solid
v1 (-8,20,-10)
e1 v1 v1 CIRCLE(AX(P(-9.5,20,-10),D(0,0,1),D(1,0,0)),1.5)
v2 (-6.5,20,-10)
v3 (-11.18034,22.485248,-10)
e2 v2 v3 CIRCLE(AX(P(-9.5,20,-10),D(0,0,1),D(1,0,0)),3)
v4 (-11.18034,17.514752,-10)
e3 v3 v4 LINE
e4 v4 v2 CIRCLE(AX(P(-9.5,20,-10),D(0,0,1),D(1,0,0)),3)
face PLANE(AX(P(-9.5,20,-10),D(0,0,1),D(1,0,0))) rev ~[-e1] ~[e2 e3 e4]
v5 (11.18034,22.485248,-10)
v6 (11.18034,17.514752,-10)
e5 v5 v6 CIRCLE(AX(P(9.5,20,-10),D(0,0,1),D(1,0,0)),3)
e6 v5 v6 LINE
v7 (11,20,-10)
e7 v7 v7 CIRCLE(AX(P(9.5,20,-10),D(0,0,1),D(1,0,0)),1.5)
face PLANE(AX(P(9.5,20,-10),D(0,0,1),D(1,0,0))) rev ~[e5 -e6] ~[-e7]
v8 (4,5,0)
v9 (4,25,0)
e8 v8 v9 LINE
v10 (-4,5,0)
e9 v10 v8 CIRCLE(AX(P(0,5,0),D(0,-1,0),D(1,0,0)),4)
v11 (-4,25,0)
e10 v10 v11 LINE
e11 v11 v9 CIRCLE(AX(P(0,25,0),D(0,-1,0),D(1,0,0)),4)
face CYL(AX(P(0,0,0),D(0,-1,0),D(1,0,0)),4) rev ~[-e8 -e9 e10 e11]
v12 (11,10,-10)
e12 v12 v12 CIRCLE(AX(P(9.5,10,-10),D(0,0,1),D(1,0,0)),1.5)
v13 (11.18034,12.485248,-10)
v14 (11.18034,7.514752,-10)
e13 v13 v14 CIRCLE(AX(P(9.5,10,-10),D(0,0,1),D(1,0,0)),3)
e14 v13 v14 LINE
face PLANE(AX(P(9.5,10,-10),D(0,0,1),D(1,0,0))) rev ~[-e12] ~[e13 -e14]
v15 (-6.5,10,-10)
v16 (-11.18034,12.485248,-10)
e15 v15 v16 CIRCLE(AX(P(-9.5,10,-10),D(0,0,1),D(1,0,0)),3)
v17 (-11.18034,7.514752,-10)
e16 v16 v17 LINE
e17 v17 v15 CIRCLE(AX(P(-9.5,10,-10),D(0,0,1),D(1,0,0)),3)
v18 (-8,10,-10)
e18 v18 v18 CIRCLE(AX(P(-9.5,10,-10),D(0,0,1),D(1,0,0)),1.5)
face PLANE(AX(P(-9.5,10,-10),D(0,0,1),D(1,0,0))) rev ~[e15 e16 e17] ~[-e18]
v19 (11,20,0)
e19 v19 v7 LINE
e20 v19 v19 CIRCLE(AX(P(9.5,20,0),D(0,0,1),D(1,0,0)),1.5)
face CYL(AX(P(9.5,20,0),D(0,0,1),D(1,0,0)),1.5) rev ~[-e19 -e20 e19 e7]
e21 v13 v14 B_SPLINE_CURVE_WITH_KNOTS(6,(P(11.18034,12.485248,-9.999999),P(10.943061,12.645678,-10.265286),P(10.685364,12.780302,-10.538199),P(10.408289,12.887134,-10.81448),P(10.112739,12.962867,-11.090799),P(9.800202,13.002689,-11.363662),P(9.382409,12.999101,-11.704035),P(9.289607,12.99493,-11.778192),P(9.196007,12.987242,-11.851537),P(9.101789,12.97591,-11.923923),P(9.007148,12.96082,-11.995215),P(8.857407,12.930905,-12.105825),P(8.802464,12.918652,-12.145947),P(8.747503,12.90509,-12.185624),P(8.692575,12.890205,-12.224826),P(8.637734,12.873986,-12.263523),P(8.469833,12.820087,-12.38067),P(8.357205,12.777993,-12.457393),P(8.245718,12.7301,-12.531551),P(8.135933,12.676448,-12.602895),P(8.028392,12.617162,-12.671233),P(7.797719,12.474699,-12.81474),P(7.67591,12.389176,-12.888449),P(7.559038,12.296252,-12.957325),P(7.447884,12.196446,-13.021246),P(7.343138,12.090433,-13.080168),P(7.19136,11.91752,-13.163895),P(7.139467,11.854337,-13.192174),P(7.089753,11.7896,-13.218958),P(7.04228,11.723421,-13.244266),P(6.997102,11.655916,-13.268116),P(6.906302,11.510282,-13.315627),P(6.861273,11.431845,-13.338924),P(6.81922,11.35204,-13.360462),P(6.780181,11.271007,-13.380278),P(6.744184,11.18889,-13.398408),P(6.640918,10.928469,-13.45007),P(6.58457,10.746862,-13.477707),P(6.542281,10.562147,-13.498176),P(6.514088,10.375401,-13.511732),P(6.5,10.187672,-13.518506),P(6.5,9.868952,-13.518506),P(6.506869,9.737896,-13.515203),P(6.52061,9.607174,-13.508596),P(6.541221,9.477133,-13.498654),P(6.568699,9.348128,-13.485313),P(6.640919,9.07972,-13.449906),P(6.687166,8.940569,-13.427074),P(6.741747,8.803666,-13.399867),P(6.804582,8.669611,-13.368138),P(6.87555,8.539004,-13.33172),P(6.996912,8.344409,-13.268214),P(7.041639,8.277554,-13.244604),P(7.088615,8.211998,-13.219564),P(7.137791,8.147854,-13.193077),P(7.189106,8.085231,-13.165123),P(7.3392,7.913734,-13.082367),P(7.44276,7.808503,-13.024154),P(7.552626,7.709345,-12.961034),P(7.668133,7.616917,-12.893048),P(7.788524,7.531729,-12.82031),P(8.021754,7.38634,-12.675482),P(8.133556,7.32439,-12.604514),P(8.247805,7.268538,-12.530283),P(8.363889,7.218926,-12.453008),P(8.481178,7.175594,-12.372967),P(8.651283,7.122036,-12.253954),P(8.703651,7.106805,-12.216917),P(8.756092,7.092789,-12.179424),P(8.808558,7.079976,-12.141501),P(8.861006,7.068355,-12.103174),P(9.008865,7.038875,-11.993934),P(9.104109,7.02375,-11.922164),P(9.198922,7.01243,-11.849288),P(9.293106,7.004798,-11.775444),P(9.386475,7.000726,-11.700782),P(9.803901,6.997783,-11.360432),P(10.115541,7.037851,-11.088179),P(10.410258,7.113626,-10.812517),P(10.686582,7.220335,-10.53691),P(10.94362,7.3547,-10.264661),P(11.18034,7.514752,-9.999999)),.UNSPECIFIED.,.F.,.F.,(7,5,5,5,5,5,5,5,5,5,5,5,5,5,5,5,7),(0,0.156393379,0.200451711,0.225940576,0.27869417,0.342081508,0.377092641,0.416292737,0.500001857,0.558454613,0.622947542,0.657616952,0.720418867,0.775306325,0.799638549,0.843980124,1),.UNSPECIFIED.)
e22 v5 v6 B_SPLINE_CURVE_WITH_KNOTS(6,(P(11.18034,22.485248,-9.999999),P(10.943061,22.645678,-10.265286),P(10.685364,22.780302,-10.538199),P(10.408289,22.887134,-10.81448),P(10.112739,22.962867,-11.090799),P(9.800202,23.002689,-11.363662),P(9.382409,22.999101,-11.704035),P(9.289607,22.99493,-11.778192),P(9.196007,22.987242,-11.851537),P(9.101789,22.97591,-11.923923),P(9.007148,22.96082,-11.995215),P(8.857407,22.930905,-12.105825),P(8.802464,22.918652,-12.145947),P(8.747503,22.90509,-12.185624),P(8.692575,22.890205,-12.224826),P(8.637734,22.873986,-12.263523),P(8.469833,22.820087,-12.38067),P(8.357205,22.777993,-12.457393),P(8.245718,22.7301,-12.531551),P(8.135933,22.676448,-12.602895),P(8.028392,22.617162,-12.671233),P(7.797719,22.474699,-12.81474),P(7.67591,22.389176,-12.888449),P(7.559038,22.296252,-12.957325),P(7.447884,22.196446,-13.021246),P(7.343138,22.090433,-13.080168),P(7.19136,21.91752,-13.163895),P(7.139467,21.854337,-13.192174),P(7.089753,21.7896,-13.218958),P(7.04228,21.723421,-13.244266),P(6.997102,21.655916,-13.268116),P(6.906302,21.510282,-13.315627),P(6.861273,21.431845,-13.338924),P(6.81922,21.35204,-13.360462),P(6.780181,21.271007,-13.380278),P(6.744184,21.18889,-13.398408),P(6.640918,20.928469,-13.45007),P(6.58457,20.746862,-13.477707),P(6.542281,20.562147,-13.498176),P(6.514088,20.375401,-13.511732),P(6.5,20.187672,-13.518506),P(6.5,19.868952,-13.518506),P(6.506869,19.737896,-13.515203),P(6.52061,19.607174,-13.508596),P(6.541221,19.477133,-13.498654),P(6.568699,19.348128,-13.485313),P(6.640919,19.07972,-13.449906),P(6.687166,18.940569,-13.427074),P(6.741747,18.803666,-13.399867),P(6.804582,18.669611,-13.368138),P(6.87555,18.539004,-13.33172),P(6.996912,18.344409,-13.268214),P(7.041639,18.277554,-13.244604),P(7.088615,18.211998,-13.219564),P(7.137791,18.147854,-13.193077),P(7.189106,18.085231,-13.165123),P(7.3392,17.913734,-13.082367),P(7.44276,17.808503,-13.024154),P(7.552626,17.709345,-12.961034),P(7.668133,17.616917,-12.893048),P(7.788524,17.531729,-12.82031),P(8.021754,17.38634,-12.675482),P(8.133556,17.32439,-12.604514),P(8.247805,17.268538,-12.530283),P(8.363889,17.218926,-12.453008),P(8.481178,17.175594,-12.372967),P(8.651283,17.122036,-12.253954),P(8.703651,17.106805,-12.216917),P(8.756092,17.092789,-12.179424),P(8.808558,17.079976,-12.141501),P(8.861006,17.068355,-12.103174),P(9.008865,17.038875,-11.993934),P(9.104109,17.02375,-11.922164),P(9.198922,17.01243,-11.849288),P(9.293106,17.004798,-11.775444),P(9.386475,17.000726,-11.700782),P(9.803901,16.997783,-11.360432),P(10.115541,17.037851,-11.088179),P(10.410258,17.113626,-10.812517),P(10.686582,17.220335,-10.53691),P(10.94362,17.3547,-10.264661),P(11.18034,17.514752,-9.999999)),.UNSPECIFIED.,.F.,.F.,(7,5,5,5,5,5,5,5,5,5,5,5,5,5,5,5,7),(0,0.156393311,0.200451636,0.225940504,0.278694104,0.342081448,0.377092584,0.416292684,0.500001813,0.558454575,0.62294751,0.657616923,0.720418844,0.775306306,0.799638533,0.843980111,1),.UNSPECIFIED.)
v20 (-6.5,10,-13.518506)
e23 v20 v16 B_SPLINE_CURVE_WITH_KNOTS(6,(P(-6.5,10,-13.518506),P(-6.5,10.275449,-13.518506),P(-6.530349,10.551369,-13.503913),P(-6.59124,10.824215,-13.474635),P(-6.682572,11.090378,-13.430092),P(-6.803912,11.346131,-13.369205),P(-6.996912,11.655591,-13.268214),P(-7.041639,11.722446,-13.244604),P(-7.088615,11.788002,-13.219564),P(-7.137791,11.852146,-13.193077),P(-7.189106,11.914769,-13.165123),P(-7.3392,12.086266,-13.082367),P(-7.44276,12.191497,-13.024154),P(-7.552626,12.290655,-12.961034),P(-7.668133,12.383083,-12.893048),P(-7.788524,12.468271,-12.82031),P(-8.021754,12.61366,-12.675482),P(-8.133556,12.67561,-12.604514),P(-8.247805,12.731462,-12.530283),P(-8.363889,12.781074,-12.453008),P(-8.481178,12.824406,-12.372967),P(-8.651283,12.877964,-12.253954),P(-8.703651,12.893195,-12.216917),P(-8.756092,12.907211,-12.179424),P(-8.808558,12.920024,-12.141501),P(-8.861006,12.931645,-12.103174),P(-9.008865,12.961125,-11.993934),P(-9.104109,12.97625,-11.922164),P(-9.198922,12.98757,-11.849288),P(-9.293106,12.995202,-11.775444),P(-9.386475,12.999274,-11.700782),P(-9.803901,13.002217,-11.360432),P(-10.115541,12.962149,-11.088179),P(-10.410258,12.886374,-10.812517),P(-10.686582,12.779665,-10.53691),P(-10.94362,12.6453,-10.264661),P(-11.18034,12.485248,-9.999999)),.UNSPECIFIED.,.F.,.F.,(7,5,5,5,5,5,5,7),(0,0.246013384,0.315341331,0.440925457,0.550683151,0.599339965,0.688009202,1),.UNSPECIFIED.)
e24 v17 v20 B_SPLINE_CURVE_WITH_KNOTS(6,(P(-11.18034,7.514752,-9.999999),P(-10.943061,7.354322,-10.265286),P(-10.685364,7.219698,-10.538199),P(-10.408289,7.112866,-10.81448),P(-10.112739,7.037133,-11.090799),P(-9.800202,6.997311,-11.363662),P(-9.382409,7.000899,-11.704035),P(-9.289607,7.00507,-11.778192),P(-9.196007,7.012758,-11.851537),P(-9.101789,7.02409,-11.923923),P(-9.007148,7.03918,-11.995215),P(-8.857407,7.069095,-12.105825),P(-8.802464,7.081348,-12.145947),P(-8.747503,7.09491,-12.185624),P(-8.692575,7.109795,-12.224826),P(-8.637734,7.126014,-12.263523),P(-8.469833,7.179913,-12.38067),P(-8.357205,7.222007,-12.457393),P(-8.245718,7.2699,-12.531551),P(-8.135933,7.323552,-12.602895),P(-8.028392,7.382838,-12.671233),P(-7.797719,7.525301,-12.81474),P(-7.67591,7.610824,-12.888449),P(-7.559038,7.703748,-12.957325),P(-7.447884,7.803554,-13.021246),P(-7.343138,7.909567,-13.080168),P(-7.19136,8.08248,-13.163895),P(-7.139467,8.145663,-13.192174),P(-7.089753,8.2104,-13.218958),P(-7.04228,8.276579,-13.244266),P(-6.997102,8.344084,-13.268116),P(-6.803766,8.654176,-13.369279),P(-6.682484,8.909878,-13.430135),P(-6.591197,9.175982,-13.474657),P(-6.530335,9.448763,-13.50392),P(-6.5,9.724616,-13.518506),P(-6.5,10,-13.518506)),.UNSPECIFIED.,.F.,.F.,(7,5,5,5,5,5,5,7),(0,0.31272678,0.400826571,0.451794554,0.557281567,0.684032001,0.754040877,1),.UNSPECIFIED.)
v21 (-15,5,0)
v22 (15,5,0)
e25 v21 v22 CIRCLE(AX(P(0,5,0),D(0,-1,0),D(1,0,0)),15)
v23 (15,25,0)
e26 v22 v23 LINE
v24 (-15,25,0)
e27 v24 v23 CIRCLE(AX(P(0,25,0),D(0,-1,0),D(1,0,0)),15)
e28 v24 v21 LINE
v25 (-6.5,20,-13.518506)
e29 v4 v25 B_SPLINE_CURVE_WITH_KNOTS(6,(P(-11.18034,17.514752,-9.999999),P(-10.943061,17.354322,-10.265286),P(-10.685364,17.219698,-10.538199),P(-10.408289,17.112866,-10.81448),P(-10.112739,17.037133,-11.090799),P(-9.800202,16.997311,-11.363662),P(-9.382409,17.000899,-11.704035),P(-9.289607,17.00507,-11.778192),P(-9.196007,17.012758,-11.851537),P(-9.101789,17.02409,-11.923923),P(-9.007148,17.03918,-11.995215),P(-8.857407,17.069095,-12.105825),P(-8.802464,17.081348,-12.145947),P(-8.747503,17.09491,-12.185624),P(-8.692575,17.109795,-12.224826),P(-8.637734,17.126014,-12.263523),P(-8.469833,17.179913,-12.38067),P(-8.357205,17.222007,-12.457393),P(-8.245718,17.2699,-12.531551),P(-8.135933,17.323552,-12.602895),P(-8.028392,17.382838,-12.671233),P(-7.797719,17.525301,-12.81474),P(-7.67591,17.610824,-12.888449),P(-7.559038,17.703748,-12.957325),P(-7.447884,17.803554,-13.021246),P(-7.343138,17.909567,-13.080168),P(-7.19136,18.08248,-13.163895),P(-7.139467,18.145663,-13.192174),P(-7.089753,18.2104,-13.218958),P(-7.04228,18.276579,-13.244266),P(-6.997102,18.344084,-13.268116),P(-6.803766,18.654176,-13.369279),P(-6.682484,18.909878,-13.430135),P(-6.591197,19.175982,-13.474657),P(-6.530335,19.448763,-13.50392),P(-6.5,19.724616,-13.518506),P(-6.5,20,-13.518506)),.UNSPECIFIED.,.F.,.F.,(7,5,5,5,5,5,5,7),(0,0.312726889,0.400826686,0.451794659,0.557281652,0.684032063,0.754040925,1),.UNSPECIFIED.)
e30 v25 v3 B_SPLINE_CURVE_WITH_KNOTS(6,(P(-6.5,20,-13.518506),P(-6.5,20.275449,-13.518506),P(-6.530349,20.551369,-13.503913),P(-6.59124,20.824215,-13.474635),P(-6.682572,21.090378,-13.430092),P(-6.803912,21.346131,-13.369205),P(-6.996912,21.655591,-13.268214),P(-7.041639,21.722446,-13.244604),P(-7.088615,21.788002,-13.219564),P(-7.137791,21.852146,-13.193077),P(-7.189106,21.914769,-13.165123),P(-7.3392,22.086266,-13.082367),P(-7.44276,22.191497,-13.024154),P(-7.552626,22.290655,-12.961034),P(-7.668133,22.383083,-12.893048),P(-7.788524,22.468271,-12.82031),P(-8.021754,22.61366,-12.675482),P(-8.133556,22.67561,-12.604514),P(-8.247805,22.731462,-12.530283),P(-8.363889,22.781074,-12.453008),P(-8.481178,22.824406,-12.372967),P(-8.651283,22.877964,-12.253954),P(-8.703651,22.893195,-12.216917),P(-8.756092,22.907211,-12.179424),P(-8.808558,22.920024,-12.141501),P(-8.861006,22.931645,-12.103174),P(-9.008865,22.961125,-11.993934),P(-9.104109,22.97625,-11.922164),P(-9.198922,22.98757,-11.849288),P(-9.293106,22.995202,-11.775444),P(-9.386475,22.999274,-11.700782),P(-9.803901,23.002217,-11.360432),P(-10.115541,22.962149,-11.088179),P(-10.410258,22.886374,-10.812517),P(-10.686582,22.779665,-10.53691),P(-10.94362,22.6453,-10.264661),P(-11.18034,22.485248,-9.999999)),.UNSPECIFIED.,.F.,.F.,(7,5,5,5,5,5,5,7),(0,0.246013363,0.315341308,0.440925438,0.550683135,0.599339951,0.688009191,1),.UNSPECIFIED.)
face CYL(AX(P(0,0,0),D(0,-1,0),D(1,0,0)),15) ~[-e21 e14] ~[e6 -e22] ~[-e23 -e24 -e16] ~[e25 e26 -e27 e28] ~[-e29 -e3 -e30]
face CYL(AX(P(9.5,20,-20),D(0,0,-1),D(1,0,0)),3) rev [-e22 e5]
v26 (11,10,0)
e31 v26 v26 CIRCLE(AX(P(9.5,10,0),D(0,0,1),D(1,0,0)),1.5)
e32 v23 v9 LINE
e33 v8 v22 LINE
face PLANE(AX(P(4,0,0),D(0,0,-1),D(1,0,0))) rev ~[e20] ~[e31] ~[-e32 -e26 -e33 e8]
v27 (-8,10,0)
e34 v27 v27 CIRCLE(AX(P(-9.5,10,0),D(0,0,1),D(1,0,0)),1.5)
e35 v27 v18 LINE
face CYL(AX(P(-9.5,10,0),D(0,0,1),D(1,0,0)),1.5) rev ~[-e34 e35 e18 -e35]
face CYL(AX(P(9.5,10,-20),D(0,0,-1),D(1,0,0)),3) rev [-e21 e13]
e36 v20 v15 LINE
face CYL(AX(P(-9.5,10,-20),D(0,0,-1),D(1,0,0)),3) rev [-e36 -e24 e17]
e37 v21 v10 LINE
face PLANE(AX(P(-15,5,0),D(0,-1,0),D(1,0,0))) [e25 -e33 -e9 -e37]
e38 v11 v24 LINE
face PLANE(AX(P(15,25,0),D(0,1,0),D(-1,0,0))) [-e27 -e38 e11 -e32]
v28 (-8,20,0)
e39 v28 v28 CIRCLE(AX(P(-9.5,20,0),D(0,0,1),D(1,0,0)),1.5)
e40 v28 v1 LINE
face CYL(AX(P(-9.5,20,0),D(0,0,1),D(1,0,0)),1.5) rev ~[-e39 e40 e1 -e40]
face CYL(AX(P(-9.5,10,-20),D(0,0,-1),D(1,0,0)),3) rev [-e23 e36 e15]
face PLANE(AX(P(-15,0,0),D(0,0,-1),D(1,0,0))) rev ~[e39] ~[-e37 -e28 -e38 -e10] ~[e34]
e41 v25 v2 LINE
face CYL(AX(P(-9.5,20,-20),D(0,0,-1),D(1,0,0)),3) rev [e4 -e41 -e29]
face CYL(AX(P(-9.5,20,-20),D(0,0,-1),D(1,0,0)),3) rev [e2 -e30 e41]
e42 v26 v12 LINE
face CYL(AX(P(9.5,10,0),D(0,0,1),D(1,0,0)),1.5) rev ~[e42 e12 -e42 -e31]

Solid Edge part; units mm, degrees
sketch "Sketch1" plane through (0, 0, 0) normal (0, -1, 0) x (1, 0, 0)
  line L0 (4, 0) -> (15, 0)
  line L1 (-15, 0) -> (-4, 0)
  arc A0 (-4, 0) -> (4, 0) centre (0, 0) ccw
  arc A1 (15, 0) -> (-15, 0) centre (0, 0) cw
extrude "Protrusion1" add sketch "Sketch1" against normal blind 30
sketch "Sketch2" plane through (9.5, 15, 0) normal (0, 0, 1) x (0, 1, 0)
  line L0 (-10, -5.5) -> (10, -5.5)
  line L1 (10, -5.5) -> (10, 24.5)
  line L2 (10, 24.5) -> (-10, 24.5)
  line L3 (-10, 24.5) -> (-10, -5.5)
  line L4 (20, -7.2229) -> (-20, -7.2229)
  line L5 (-20, -7.2229) -> (-20, 26.2229)
  line L6 (-20, 26.2229) -> (20, 26.2229)
  line L7 (20, 26.2229) -> (20, -7.2229)
extrude "ExtrudedCutout_3" cut sketch "Sketch2" against normal blind 40
sketch "Sketch3" plane through (-9.5, 15, 0) normal (0, 0, 1) x (1, 0, 0)
  circle A0 centre (0, 5) radius 1.5
  circle A1 centre (0, -5) radius 1.5
  circle A2 centre (19, -5) radius 1.5
  circle A3 centre (19, 5) radius 1.5
extrude "ExtrudedCutout_4" cut sketch "Sketch3" against normal blind 20
sketch "Sketch4" plane through (9.5, 15, -20) normal (0, 0, 1) x (1, 0, 0)
  circle A0 centre (0, 5) radius 3
  circle A1 centre (0, -5) radius 3
  circle A2 centre (-19, -5) radius 3
  circle A3 centre (-19, 5) radius 3
extrude "ExtrudedCutout_5" cut sketch "Sketch4" along normal blind 10
